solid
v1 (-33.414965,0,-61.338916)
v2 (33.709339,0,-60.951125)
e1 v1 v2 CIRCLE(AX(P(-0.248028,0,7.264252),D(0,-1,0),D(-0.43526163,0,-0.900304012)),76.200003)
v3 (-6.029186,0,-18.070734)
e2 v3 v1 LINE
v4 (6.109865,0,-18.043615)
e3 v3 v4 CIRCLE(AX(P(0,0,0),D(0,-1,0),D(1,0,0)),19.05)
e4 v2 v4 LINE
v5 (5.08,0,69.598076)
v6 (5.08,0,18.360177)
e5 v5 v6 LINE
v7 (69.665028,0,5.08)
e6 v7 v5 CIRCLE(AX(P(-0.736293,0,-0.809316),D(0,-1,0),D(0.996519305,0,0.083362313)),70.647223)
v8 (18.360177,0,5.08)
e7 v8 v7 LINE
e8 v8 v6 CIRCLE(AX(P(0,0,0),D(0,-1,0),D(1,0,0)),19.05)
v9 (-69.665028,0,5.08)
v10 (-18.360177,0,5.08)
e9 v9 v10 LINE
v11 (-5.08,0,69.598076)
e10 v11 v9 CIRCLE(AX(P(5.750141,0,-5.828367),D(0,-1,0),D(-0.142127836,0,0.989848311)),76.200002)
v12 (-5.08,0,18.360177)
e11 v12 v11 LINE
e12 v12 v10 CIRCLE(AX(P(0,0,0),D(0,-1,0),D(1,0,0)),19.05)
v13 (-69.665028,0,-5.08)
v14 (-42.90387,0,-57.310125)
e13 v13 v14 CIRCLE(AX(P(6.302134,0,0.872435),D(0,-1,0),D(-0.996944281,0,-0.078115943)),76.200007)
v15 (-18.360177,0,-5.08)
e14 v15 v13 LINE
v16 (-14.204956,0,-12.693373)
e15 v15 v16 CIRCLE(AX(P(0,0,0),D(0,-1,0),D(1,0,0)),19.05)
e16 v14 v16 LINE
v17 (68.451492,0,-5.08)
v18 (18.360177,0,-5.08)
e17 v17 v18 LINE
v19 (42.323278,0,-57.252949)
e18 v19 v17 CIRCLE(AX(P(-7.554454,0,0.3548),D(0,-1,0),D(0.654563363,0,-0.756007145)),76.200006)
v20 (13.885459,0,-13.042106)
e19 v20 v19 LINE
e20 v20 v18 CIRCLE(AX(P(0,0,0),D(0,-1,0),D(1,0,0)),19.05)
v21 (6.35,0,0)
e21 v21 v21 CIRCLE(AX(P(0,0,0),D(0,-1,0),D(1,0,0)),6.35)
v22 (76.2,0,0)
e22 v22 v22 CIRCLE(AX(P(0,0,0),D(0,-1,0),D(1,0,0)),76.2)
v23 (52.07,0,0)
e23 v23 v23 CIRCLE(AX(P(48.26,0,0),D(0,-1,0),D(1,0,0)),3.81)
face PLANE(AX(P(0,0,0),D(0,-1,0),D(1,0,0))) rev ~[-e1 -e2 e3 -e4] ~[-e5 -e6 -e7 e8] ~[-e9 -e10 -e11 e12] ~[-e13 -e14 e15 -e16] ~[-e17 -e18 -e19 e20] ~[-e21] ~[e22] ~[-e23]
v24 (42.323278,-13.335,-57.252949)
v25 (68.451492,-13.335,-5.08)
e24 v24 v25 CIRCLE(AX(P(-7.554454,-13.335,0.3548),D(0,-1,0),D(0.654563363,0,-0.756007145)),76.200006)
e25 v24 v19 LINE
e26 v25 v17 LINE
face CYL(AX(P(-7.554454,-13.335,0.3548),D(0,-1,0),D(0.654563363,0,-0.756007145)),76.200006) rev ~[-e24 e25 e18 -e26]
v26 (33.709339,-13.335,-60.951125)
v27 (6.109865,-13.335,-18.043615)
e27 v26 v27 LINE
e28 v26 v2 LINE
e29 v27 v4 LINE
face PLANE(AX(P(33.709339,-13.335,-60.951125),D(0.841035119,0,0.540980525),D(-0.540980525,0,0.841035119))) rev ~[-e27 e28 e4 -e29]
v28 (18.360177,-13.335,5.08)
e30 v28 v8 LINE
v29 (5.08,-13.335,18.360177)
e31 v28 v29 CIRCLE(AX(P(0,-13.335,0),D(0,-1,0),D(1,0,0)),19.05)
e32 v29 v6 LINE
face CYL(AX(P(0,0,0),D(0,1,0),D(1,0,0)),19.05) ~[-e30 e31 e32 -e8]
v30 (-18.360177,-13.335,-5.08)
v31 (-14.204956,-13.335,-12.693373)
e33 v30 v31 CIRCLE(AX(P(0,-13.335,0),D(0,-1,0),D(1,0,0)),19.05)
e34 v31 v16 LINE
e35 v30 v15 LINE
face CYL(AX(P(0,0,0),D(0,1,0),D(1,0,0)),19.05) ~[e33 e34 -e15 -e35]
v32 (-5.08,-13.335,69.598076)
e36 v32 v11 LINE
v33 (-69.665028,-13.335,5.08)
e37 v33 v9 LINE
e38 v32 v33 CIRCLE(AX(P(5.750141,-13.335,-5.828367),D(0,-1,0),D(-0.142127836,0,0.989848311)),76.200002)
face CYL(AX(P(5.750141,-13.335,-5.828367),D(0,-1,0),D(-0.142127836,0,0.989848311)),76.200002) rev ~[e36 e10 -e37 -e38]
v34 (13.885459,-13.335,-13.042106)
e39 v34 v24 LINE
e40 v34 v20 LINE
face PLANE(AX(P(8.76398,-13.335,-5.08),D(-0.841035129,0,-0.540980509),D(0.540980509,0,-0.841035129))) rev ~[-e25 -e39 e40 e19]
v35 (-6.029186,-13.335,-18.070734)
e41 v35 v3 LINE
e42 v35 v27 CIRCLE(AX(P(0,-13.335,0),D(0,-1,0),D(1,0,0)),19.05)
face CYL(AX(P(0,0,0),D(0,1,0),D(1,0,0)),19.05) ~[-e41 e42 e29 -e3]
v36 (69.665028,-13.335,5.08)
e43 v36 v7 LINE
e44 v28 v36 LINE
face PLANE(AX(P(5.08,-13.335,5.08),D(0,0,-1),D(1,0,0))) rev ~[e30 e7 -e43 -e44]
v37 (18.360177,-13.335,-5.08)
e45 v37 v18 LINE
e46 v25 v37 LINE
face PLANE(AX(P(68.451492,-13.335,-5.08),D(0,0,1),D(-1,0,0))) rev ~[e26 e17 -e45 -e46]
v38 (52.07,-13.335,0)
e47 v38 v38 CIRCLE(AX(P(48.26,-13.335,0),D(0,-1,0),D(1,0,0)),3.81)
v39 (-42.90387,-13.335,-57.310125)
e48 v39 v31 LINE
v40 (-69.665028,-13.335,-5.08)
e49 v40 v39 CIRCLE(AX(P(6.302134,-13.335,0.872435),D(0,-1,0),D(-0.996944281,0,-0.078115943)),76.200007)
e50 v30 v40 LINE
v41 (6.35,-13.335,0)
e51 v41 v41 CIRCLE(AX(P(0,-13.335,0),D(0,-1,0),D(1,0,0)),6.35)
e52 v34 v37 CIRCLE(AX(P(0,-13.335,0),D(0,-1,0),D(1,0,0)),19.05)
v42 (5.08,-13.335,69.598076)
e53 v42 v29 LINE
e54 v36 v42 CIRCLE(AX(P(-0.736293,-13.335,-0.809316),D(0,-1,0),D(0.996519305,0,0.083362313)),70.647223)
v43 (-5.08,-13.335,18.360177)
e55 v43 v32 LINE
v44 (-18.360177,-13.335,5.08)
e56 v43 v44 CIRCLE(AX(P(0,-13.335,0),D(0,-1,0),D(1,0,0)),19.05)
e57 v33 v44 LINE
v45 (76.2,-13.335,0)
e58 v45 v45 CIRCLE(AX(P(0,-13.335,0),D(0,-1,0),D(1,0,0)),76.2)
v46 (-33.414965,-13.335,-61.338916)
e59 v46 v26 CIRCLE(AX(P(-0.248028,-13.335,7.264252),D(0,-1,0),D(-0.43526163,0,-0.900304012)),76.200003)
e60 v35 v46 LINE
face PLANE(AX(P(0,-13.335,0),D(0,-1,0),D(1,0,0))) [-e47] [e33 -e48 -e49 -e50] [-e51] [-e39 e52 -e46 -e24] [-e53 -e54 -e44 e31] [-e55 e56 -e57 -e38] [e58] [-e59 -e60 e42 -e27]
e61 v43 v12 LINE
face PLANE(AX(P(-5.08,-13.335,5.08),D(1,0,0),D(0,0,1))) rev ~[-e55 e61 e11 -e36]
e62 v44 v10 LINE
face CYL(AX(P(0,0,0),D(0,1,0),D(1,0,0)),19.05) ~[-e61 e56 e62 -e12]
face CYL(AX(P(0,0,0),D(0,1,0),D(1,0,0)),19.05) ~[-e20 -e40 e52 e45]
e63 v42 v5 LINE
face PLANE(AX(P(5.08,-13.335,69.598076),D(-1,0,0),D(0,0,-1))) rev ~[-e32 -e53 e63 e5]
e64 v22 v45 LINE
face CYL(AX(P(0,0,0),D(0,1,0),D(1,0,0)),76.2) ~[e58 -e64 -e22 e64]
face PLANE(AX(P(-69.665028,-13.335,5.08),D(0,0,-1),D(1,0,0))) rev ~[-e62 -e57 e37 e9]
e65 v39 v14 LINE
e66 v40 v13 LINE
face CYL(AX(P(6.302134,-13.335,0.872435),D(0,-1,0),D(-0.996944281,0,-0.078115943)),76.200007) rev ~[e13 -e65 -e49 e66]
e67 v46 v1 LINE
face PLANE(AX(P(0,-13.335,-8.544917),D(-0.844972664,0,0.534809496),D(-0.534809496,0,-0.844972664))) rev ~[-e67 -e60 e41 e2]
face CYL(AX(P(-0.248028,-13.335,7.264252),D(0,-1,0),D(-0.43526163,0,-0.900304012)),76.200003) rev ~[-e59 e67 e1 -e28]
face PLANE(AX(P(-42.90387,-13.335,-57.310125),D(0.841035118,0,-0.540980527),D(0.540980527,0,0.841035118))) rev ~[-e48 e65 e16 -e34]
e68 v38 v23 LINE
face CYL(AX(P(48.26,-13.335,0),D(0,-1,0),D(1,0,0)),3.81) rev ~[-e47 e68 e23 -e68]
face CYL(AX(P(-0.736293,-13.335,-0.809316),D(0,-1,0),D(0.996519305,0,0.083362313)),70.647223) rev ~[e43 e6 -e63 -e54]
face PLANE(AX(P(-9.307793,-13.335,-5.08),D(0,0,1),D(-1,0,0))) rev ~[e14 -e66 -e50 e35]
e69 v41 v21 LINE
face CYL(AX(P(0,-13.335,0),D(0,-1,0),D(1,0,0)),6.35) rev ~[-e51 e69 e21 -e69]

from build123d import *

# Parameters (mm, degrees)
F0_R      = 76.2
F1_DEPTH  = 13.335
F3_DEPTH  = 13.336
F4_DEPTH  = 25.4
F5_R      = 19.05
F5_R_2    = 6.35
F6_DEPTH  = 13.335
F7_R      = 6.35
F8_DEPTH  = 25.4
F9_R      = 3.81
F10_DEPTH = 25.4


with BuildPart() as f1:
    # F0 (on Front) → F1 (new body)
    with BuildSketch(Plane.XZ):
        Circle(F0_R)
    extrude(amount=F1_DEPTH)

    # F2 (on face) → F3 (cut, through all)
    with BuildSketch(Plane.XZ.offset(13.335)):
        with BuildLine():
            Line((-5.08, 5.08), (-5.08, 69.598076))
            ThreePointArc((-5.08, 69.598076), (-48.103447, 48.081106), (-69.665028, 5.08))
            Line((-69.665028, 5.08), (-5.08, 5.08))
        make_face()
        with BuildLine():
            Line((5.08, 5.08), (69.665028, 5.08))
            ThreePointArc((69.665028, 5.08), (49.192924, 49.171714), (5.08, 69.598076))
            Line((5.08, 69.598076), (5.08, 5.08))
        make_face()
        with BuildLine():
            Line((8.76398, -5.08), (42.323278, -57.252949))
            ThreePointArc((42.323278, -57.252949), (60.579086, -33.766478), (68.451492, -5.08))
            Line((68.451492, -5.08), (8.76398, -5.08))
        make_face()
        with BuildLine():
            Line((0, -8.544917), (-33.414965, -61.338916))
            ThreePointArc((-33.414965, -61.338916), (0.192188, -68.934479), (33.709339, -60.951125))
            Line((33.709339, -60.951125), (0, -8.544917))
        make_face()
        with BuildLine():
            Line((-9.307793, -5.08), (-69.665028, -5.08))
            ThreePointArc((-69.665028, -5.08), (-61.51436, -33.874713), (-42.90387, -57.310125))
            Line((-42.90387, -57.310125), (-9.307793, -5.08))
        make_face()
    extrude(amount=-F3_DEPTH, mode=Mode.SUBTRACT)

    # F2 (on face) → F4 (cut)
    with BuildSketch(Plane.XZ.offset(13.335)):
        with BuildLine():
            Line((-5.08, 5.08), (-5.08, 69.598076))
            ThreePointArc((-5.08, 69.598076), (-48.103447, 48.081106), (-69.665028, 5.08))
            Line((-69.665028, 5.08), (-5.08, 5.08))
        make_face()
        with BuildLine():
            Line((5.08, 5.08), (69.665028, 5.08))
            ThreePointArc((69.665028, 5.08), (49.192924, 49.171714), (5.08, 69.598076))
            Line((5.08, 69.598076), (5.08, 5.08))
        make_face()
        with BuildLine():
            Line((8.76398, -5.08), (42.323278, -57.252949))
            ThreePointArc((42.323278, -57.252949), (60.579086, -33.766478), (68.451492, -5.08))
            Line((68.451492, -5.08), (8.76398, -5.08))
        make_face()
        with BuildLine():
            Line((0, -8.544917), (-33.414965, -61.338916))
            ThreePointArc((-33.414965, -61.338916), (0.192188, -68.934479), (33.709339, -60.951125))
            Line((33.709339, -60.951125), (0, -8.544917))
        make_face()
        with BuildLine():
            Line((-9.307793, -5.08), (-69.665028, -5.08))
            ThreePointArc((-69.665028, -5.08), (-61.51436, -33.874713), (-42.90387, -57.310125))
            Line((-42.90387, -57.310125), (-9.307793, -5.08))
        make_face()
    extrude(amount=-F4_DEPTH, mode=Mode.SUBTRACT)

    # F5 (on Front) → F6 (join)
    with BuildSketch(Plane.XZ):
        Circle(F5_R)
        Circle(F5_R_2, mode=Mode.SUBTRACT)
    extrude(amount=F6_DEPTH)

    # F7 (on face) → F8 (cut)
    with BuildSketch(Plane.XZ.offset(13.335)):
        Circle(F7_R)
    extrude(amount=-F8_DEPTH, mode=Mode.SUBTRACT)

    # F9 (on face) → F10 (cut)
    with BuildSketch(Plane.XZ.offset(13.335)):
        with Locations((48.26, 0)):
            Circle(F9_R)
    extrude(amount=-F10_DEPTH, mode=Mode.SUBTRACT)


solid = f1.part
